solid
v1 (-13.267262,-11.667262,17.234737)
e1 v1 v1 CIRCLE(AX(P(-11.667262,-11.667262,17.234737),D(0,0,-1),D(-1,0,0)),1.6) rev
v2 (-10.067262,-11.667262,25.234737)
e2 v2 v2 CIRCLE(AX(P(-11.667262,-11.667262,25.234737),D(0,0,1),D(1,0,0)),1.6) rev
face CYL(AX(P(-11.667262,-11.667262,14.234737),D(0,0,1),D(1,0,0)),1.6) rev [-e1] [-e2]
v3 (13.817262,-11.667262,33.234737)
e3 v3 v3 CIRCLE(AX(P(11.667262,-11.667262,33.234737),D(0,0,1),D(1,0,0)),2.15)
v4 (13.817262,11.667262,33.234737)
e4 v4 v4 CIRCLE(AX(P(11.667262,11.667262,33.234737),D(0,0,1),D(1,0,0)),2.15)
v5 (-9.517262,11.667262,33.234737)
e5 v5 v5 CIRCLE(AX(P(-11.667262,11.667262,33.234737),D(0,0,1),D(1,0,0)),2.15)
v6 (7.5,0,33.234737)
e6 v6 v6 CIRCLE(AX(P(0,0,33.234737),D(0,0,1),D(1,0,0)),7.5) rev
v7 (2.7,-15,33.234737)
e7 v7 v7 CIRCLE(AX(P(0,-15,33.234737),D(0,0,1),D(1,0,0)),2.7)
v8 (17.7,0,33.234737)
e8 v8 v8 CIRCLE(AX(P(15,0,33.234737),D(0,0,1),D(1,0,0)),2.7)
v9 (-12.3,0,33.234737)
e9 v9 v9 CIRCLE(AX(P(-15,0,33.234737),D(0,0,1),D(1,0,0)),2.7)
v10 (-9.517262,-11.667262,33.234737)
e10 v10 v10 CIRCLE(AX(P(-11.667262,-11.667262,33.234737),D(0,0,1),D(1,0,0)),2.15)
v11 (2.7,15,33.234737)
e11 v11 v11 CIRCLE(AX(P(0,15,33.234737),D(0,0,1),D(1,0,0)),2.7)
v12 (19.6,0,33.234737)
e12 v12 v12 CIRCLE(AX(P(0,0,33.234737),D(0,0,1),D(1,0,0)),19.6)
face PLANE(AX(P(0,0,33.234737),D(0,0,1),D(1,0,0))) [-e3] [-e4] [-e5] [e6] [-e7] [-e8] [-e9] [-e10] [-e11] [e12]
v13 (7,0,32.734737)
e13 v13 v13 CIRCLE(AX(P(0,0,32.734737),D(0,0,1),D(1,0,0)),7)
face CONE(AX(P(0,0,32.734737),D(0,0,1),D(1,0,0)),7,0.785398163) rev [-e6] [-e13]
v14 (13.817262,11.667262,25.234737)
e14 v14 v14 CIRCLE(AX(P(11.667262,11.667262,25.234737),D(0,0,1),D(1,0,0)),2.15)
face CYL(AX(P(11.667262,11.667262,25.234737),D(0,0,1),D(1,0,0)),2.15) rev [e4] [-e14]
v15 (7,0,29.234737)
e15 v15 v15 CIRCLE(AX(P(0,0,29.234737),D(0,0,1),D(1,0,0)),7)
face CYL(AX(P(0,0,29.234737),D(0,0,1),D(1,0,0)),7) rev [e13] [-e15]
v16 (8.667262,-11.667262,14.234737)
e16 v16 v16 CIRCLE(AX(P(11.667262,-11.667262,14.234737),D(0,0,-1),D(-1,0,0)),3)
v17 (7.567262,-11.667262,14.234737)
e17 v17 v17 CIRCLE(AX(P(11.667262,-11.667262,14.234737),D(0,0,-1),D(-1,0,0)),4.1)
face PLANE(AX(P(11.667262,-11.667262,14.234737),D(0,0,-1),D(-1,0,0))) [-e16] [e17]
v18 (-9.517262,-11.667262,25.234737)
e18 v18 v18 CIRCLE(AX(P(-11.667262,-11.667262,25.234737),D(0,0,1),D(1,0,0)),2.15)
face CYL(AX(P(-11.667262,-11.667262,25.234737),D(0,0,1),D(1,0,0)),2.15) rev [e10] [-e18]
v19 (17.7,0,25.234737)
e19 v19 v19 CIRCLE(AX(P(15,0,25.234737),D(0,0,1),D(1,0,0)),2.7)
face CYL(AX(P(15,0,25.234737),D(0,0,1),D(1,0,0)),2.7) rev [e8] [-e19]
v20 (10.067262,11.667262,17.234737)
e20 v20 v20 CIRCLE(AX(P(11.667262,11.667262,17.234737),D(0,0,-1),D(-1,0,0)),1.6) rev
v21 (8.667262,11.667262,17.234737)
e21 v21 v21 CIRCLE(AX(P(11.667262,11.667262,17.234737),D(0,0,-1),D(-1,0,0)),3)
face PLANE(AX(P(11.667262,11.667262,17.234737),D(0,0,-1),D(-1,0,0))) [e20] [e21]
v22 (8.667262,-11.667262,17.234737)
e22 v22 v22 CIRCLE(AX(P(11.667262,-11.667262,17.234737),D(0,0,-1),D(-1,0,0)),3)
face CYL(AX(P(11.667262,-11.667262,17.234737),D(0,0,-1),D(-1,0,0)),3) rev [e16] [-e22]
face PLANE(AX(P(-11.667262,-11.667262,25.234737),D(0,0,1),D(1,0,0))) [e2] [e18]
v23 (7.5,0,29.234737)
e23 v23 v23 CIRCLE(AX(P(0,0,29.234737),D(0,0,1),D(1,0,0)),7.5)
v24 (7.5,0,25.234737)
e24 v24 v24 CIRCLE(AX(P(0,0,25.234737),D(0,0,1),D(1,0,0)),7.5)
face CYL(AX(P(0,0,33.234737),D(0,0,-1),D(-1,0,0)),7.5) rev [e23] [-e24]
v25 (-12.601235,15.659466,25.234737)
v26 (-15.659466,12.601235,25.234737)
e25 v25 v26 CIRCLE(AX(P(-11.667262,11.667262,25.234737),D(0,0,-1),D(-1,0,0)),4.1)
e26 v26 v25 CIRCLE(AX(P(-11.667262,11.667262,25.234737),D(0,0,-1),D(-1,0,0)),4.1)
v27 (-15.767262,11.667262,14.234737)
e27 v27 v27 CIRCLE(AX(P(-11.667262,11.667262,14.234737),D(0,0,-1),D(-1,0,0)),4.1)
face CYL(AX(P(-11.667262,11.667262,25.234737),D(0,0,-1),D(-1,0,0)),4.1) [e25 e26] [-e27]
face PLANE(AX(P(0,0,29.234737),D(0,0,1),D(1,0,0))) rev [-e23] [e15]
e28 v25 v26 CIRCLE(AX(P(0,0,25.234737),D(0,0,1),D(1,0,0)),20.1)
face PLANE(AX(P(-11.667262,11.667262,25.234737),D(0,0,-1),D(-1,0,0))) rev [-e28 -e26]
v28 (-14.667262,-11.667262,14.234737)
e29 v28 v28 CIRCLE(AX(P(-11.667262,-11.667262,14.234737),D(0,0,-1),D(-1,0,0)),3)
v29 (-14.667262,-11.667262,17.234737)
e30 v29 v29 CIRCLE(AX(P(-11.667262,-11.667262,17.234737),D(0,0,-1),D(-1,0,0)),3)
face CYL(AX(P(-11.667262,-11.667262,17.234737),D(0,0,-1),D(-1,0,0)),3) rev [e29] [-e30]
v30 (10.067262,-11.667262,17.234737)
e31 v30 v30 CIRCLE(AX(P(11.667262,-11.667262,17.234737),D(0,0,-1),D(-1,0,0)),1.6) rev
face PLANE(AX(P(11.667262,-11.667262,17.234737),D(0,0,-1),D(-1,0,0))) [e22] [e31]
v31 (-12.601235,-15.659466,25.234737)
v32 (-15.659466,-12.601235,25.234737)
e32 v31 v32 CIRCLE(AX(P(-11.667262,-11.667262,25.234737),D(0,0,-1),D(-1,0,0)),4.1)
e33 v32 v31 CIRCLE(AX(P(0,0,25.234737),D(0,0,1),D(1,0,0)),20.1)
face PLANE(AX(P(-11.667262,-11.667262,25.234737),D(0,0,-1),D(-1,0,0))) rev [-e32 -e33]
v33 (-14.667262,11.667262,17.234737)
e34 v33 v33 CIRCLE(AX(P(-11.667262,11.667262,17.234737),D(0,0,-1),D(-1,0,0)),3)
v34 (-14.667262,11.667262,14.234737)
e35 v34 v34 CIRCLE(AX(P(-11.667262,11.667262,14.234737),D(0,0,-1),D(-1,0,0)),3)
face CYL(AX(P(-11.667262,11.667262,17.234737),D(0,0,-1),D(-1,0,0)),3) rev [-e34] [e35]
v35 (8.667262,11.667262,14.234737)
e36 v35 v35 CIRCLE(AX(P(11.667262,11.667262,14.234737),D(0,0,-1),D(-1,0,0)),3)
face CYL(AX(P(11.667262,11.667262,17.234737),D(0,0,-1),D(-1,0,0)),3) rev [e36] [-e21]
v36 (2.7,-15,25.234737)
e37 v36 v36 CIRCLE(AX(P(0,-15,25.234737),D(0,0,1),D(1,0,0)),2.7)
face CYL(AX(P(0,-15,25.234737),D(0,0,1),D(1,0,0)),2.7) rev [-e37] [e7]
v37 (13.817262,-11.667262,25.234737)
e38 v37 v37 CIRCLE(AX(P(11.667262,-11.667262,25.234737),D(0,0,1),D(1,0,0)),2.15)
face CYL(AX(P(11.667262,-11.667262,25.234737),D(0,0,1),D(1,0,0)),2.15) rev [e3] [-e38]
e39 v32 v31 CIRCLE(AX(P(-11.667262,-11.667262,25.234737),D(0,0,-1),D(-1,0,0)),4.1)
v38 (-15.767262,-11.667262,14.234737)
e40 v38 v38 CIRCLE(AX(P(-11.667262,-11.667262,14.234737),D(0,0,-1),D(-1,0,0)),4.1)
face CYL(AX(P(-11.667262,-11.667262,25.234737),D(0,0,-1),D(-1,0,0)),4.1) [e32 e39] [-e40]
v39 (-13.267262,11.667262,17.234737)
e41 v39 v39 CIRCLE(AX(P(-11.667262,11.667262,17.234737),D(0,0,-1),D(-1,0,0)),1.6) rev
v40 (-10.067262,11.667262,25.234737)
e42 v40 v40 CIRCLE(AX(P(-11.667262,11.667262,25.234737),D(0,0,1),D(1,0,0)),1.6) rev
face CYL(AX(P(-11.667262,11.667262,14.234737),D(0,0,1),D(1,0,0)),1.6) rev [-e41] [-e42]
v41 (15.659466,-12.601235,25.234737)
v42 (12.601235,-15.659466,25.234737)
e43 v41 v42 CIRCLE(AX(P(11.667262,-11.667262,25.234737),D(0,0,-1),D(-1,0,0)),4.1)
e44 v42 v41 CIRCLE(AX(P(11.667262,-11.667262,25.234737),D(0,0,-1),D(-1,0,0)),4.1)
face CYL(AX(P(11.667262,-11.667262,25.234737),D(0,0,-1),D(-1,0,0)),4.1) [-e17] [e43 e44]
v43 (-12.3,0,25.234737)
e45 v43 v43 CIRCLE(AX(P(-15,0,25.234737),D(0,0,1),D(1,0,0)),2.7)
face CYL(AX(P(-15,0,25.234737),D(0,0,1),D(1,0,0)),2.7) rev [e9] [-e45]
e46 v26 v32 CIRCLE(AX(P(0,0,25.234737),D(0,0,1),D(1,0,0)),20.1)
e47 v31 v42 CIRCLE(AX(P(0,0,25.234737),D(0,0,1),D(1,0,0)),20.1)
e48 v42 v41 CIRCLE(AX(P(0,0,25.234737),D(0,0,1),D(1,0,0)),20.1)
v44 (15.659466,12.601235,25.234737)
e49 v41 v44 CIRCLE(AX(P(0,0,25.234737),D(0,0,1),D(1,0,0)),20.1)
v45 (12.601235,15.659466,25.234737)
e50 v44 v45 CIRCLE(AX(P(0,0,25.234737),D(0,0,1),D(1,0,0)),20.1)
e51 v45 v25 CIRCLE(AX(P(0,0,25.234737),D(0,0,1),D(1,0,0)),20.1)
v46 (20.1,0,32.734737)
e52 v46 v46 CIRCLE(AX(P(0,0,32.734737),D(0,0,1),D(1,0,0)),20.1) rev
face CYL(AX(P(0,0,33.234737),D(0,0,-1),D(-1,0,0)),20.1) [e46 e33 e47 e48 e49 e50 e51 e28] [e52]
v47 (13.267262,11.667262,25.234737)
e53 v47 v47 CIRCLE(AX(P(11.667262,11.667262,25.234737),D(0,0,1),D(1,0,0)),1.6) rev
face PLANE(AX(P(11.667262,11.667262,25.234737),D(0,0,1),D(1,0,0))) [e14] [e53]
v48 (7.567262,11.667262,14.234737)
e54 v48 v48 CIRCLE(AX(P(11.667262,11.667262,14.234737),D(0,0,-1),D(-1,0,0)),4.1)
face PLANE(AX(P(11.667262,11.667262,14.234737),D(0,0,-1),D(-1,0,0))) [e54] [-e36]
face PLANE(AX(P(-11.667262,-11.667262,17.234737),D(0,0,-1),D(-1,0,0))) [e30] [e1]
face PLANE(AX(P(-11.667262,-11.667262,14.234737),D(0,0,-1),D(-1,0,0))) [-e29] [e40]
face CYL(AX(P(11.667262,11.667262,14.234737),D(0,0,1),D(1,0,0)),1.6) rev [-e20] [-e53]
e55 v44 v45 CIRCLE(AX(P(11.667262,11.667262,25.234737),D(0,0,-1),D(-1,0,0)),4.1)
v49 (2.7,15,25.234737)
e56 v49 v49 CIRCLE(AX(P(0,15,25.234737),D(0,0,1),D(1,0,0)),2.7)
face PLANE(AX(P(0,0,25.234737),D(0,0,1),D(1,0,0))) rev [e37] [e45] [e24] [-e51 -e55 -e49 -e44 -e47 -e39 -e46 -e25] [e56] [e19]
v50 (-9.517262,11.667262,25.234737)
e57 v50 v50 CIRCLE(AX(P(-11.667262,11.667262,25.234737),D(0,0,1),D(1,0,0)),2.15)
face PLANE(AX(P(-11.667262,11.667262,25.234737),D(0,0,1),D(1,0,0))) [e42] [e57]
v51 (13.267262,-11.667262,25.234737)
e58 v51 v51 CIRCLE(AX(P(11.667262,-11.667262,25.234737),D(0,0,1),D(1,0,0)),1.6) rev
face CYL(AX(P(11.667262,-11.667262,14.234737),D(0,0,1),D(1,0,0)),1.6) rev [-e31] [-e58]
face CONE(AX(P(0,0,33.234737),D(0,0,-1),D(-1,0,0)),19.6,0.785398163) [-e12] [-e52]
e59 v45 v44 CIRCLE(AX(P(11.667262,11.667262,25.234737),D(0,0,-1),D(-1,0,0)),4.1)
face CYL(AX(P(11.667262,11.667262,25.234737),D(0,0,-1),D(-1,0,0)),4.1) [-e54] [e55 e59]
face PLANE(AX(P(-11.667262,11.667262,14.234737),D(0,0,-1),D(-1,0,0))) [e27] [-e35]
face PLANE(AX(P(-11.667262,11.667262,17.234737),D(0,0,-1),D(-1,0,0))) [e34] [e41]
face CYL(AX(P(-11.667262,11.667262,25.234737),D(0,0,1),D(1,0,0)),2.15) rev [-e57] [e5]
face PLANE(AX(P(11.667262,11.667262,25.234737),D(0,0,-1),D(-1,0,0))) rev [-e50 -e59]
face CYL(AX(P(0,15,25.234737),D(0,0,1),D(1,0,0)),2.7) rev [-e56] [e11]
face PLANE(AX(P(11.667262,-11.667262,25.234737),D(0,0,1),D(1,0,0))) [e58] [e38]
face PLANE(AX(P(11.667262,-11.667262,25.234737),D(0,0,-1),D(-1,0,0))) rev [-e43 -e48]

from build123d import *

# Parameters (mm, degrees)
SKETCH3_R             = 4
BOSS_EXTRUDE1_DEPTH   = 11
BOSS_EXTRUDE1_2_DEPTH = 11
BOSS_EXTRUDE1_3_DEPTH = 11
BOSS_EXTRUDE1_4_DEPTH = 11
SKETCH6_R             = 7.5
BOSS_EXTRUDE6_DEPTH   = 8
SKETCH8_R             = 1.6
CUT_EXTRUDE1_DEPTH    = 35.190934471
SKETCH9_R             = 3
CUT_EXTRUDE2_DEPTH    = 3
BOSS_EXTRUDE8_START   = -11
SKETCH10_R            = 4.1
SKETCH10_R_2          = 4
BOSS_EXTRUDE8_DEPTH   = 11
SKETCH11_R            = 2.7
SKETCH11_R_2          = 2.15
CUT_EXTRUDE3_DEPTH    = 8
BOSS_EXTRUDE9_START   = -4
SKETCH12_R            = 7.5
SKETCH12_R_2          = 7
BOSS_EXTRUDE9_DEPTH   = 4
CHAMFER1_SIZE         = 0.5


with BuildPart() as part:
    # Sketch3 → Boss-Extrude1 (new body)
    with BuildSketch(Plane(origin=(0, 0, 25.23473679), x_dir=(-1, 0, 0), z_dir=(0, 0, -1))):
        with Locations((-11.66726189, 11.66726189)):
            Circle(SKETCH3_R)
    extrude(amount=BOSS_EXTRUDE1_DEPTH)



with BuildPart() as body_2:
    # Sketch3 → Boss-Extrude1 2 (new body)
    with BuildSketch(Plane(origin=(0, 0, 25.23473679), x_dir=(-1, 0, 0), z_dir=(0, 0, -1))):
        with Locations((11.66726189, 11.66726189)):
            Circle(SKETCH3_R)
    extrude(amount=BOSS_EXTRUDE1_2_DEPTH)


with BuildPart() as body_3:
    # Sketch3 → Boss-Extrude1 3 (new body)
    with BuildSketch(Plane(origin=(0, 0, 25.23473679), x_dir=(-1, 0, 0), z_dir=(0, 0, -1))):
        with Locations((11.66726189, -11.66726189)):
            Circle(SKETCH3_R)
    extrude(amount=BOSS_EXTRUDE1_3_DEPTH)


with BuildPart() as body_4:
    # Sketch3 → Boss-Extrude1 4 (new body)
    with BuildSketch(Plane(origin=(0, 0, 25.23473679), x_dir=(-1, 0, 0), z_dir=(0, 0, -1))):
        with Locations((-11.66726189, -11.66726189)):
            Circle(SKETCH3_R)
    extrude(amount=BOSS_EXTRUDE1_4_DEPTH)


with BuildPart() as part_1:
    add(part.part)

    add(body_2.part)  # Boss-Extrude6 merges body 2

    add(body_3.part)  # Boss-Extrude6 merges body 3

    add(body_4.part)  # Boss-Extrude6 merges body 4
    # Sketch6 → Boss-Extrude6 (add)
    with BuildSketch(Plane.XY.offset(25.23473679)):
        with BuildLine():
            ThreePointArc((16.992766074, -10.735730117), (19.607007689, 4.424392555), (10.735730117, 16.992766074))
            ThreePointArc((10.735730117, 16.992766074), (-4.424392555, 19.607007689), (-16.992766074, 10.735730117))
            ThreePointArc((-16.992766074, 10.735730117), (-19.607007689, -4.424392555), (-10.735730117, -16.992766074))
            ThreePointArc((-10.735730117, -16.992766074), (4.424392555, -19.607007689), (16.992766074, -10.735730117))
        make_face()
        Circle(SKETCH6_R, mode=Mode.SUBTRACT)
    extrude(amount=BOSS_EXTRUDE6_DEPTH)

    # Sketch8 → Cut-Extrude1 (cut, through all)
    with BuildSketch(Plane.XY.offset(33.23473679)):
        with Locations((11.66726189, 11.66726189)):
            Circle(SKETCH8_R)
        with Locations((11.66726189, -11.66726189)):
            Circle(SKETCH8_R)
        with Locations((-11.66726189, -11.66726189)):
            Circle(SKETCH8_R)
        with Locations((-11.66726189, 11.66726189)):
            Circle(SKETCH8_R)
    extrude(amount=-CUT_EXTRUDE1_DEPTH, mode=Mode.SUBTRACT)

    # Sketch9 → Cut-Extrude2 (cut)
    with BuildSketch(Plane.XY.offset(14.23473679)):
        with Locations(Location((11.66726189, 11.66726189, 0), (0, 0, 180))):
            Circle(SKETCH9_R)
        with Locations(Location((11.66726189, -11.66726189, 0), (0, 0, 180))):
            Circle(SKETCH9_R)
        with Locations(Location((-11.66726189, -11.66726189, 0), (0, 0, 180))):
            Circle(SKETCH9_R)
        with Locations(Location((-11.66726189, 11.66726189, 0), (0, 0, 180))):
            Circle(SKETCH9_R)
    extrude(amount=CUT_EXTRUDE2_DEPTH, mode=Mode.SUBTRACT)

    # Sketch10 → Boss-Extrude8 (add)
    # profile 1 of 4: a face of its own
    with BuildSketch(Plane(origin=(0, 0, 14.23473679), x_dir=(-1, 0, 0), z_dir=(0, 0, -1)).offset(BOSS_EXTRUDE8_START)):
        with Locations((11.66726189, 11.66726189)):
            Circle(SKETCH10_R)
        with Locations((11.66726189, 11.66726189)):
            Circle(SKETCH10_R_2, mode=Mode.SUBTRACT)
    # profile 2 of 4: a face of its own
    with BuildSketch(Plane(origin=(0, 0, 14.23473679), x_dir=(-1, 0, 0), z_dir=(0, 0, -1)).offset(BOSS_EXTRUDE8_START)):
        with Locations((11.66726189, -11.66726189)):
            Circle(SKETCH10_R)
        with Locations((11.66726189, -11.66726189)):
            Circle(SKETCH10_R_2, mode=Mode.SUBTRACT)
    # profile 3 of 4: a face of its own
    with BuildSketch(Plane(origin=(0, 0, 14.23473679), x_dir=(-1, 0, 0), z_dir=(0, 0, -1)).offset(BOSS_EXTRUDE8_START)):
        with Locations((-11.66726189, -11.66726189)):
            Circle(SKETCH10_R)
        with Locations((-11.66726189, -11.66726189)):
            Circle(SKETCH10_R_2, mode=Mode.SUBTRACT)
    # profile 4 of 4: a face of its own
    with BuildSketch(Plane(origin=(0, 0, 14.23473679), x_dir=(-1, 0, 0), z_dir=(0, 0, -1)).offset(BOSS_EXTRUDE8_START)):
        with Locations((-11.66726189, 11.66726189)):
            Circle(SKETCH10_R)
        with Locations((-11.66726189, 11.66726189)):
            Circle(SKETCH10_R_2, mode=Mode.SUBTRACT)
    extrude(amount=BOSS_EXTRUDE8_DEPTH)

    # Sketch11 → Cut-Extrude3 (cut)
    with BuildSketch(Plane.XY.offset(33.23473679)):
        with Locations((0, 15)):
            Circle(SKETCH11_R)
        with Locations((15, 0)):
            Circle(SKETCH11_R)
        with Locations((0, -15)):
            Circle(SKETCH11_R)
        with Locations((-15, 0)):
            Circle(SKETCH11_R)
        with Locations((-11.66726189, 11.66726189)):
            Circle(SKETCH11_R_2)
        with Locations((11.66726189, 11.66726189)):
            Circle(SKETCH11_R_2)
        with Locations((11.66726189, -11.66726189)):
            Circle(SKETCH11_R_2)
        with Locations((-11.66726189, -11.66726189)):
            Circle(SKETCH11_R_2)
    extrude(amount=-CUT_EXTRUDE3_DEPTH, mode=Mode.SUBTRACT)

    # Sketch12 → Boss-Extrude9 (add)
    with BuildSketch(Plane.XY.offset(33.23473679).offset(BOSS_EXTRUDE9_START)):
        Circle(SKETCH12_R)
        Circle(SKETCH12_R_2, mode=Mode.SUBTRACT)
    extrude(amount=BOSS_EXTRUDE9_DEPTH)

    # Chamfer1
    chamfer1_edges = [part_1.edges().sort_by_distance(p)[0] for p in [
        (-10.735730117, -16.992766074, 33.23473679),
        (-7, 0, 33.23473679),
    ]]
    chamfer(chamfer1_edges, length=CHAMFER1_SIZE)


solid = part_1.part
